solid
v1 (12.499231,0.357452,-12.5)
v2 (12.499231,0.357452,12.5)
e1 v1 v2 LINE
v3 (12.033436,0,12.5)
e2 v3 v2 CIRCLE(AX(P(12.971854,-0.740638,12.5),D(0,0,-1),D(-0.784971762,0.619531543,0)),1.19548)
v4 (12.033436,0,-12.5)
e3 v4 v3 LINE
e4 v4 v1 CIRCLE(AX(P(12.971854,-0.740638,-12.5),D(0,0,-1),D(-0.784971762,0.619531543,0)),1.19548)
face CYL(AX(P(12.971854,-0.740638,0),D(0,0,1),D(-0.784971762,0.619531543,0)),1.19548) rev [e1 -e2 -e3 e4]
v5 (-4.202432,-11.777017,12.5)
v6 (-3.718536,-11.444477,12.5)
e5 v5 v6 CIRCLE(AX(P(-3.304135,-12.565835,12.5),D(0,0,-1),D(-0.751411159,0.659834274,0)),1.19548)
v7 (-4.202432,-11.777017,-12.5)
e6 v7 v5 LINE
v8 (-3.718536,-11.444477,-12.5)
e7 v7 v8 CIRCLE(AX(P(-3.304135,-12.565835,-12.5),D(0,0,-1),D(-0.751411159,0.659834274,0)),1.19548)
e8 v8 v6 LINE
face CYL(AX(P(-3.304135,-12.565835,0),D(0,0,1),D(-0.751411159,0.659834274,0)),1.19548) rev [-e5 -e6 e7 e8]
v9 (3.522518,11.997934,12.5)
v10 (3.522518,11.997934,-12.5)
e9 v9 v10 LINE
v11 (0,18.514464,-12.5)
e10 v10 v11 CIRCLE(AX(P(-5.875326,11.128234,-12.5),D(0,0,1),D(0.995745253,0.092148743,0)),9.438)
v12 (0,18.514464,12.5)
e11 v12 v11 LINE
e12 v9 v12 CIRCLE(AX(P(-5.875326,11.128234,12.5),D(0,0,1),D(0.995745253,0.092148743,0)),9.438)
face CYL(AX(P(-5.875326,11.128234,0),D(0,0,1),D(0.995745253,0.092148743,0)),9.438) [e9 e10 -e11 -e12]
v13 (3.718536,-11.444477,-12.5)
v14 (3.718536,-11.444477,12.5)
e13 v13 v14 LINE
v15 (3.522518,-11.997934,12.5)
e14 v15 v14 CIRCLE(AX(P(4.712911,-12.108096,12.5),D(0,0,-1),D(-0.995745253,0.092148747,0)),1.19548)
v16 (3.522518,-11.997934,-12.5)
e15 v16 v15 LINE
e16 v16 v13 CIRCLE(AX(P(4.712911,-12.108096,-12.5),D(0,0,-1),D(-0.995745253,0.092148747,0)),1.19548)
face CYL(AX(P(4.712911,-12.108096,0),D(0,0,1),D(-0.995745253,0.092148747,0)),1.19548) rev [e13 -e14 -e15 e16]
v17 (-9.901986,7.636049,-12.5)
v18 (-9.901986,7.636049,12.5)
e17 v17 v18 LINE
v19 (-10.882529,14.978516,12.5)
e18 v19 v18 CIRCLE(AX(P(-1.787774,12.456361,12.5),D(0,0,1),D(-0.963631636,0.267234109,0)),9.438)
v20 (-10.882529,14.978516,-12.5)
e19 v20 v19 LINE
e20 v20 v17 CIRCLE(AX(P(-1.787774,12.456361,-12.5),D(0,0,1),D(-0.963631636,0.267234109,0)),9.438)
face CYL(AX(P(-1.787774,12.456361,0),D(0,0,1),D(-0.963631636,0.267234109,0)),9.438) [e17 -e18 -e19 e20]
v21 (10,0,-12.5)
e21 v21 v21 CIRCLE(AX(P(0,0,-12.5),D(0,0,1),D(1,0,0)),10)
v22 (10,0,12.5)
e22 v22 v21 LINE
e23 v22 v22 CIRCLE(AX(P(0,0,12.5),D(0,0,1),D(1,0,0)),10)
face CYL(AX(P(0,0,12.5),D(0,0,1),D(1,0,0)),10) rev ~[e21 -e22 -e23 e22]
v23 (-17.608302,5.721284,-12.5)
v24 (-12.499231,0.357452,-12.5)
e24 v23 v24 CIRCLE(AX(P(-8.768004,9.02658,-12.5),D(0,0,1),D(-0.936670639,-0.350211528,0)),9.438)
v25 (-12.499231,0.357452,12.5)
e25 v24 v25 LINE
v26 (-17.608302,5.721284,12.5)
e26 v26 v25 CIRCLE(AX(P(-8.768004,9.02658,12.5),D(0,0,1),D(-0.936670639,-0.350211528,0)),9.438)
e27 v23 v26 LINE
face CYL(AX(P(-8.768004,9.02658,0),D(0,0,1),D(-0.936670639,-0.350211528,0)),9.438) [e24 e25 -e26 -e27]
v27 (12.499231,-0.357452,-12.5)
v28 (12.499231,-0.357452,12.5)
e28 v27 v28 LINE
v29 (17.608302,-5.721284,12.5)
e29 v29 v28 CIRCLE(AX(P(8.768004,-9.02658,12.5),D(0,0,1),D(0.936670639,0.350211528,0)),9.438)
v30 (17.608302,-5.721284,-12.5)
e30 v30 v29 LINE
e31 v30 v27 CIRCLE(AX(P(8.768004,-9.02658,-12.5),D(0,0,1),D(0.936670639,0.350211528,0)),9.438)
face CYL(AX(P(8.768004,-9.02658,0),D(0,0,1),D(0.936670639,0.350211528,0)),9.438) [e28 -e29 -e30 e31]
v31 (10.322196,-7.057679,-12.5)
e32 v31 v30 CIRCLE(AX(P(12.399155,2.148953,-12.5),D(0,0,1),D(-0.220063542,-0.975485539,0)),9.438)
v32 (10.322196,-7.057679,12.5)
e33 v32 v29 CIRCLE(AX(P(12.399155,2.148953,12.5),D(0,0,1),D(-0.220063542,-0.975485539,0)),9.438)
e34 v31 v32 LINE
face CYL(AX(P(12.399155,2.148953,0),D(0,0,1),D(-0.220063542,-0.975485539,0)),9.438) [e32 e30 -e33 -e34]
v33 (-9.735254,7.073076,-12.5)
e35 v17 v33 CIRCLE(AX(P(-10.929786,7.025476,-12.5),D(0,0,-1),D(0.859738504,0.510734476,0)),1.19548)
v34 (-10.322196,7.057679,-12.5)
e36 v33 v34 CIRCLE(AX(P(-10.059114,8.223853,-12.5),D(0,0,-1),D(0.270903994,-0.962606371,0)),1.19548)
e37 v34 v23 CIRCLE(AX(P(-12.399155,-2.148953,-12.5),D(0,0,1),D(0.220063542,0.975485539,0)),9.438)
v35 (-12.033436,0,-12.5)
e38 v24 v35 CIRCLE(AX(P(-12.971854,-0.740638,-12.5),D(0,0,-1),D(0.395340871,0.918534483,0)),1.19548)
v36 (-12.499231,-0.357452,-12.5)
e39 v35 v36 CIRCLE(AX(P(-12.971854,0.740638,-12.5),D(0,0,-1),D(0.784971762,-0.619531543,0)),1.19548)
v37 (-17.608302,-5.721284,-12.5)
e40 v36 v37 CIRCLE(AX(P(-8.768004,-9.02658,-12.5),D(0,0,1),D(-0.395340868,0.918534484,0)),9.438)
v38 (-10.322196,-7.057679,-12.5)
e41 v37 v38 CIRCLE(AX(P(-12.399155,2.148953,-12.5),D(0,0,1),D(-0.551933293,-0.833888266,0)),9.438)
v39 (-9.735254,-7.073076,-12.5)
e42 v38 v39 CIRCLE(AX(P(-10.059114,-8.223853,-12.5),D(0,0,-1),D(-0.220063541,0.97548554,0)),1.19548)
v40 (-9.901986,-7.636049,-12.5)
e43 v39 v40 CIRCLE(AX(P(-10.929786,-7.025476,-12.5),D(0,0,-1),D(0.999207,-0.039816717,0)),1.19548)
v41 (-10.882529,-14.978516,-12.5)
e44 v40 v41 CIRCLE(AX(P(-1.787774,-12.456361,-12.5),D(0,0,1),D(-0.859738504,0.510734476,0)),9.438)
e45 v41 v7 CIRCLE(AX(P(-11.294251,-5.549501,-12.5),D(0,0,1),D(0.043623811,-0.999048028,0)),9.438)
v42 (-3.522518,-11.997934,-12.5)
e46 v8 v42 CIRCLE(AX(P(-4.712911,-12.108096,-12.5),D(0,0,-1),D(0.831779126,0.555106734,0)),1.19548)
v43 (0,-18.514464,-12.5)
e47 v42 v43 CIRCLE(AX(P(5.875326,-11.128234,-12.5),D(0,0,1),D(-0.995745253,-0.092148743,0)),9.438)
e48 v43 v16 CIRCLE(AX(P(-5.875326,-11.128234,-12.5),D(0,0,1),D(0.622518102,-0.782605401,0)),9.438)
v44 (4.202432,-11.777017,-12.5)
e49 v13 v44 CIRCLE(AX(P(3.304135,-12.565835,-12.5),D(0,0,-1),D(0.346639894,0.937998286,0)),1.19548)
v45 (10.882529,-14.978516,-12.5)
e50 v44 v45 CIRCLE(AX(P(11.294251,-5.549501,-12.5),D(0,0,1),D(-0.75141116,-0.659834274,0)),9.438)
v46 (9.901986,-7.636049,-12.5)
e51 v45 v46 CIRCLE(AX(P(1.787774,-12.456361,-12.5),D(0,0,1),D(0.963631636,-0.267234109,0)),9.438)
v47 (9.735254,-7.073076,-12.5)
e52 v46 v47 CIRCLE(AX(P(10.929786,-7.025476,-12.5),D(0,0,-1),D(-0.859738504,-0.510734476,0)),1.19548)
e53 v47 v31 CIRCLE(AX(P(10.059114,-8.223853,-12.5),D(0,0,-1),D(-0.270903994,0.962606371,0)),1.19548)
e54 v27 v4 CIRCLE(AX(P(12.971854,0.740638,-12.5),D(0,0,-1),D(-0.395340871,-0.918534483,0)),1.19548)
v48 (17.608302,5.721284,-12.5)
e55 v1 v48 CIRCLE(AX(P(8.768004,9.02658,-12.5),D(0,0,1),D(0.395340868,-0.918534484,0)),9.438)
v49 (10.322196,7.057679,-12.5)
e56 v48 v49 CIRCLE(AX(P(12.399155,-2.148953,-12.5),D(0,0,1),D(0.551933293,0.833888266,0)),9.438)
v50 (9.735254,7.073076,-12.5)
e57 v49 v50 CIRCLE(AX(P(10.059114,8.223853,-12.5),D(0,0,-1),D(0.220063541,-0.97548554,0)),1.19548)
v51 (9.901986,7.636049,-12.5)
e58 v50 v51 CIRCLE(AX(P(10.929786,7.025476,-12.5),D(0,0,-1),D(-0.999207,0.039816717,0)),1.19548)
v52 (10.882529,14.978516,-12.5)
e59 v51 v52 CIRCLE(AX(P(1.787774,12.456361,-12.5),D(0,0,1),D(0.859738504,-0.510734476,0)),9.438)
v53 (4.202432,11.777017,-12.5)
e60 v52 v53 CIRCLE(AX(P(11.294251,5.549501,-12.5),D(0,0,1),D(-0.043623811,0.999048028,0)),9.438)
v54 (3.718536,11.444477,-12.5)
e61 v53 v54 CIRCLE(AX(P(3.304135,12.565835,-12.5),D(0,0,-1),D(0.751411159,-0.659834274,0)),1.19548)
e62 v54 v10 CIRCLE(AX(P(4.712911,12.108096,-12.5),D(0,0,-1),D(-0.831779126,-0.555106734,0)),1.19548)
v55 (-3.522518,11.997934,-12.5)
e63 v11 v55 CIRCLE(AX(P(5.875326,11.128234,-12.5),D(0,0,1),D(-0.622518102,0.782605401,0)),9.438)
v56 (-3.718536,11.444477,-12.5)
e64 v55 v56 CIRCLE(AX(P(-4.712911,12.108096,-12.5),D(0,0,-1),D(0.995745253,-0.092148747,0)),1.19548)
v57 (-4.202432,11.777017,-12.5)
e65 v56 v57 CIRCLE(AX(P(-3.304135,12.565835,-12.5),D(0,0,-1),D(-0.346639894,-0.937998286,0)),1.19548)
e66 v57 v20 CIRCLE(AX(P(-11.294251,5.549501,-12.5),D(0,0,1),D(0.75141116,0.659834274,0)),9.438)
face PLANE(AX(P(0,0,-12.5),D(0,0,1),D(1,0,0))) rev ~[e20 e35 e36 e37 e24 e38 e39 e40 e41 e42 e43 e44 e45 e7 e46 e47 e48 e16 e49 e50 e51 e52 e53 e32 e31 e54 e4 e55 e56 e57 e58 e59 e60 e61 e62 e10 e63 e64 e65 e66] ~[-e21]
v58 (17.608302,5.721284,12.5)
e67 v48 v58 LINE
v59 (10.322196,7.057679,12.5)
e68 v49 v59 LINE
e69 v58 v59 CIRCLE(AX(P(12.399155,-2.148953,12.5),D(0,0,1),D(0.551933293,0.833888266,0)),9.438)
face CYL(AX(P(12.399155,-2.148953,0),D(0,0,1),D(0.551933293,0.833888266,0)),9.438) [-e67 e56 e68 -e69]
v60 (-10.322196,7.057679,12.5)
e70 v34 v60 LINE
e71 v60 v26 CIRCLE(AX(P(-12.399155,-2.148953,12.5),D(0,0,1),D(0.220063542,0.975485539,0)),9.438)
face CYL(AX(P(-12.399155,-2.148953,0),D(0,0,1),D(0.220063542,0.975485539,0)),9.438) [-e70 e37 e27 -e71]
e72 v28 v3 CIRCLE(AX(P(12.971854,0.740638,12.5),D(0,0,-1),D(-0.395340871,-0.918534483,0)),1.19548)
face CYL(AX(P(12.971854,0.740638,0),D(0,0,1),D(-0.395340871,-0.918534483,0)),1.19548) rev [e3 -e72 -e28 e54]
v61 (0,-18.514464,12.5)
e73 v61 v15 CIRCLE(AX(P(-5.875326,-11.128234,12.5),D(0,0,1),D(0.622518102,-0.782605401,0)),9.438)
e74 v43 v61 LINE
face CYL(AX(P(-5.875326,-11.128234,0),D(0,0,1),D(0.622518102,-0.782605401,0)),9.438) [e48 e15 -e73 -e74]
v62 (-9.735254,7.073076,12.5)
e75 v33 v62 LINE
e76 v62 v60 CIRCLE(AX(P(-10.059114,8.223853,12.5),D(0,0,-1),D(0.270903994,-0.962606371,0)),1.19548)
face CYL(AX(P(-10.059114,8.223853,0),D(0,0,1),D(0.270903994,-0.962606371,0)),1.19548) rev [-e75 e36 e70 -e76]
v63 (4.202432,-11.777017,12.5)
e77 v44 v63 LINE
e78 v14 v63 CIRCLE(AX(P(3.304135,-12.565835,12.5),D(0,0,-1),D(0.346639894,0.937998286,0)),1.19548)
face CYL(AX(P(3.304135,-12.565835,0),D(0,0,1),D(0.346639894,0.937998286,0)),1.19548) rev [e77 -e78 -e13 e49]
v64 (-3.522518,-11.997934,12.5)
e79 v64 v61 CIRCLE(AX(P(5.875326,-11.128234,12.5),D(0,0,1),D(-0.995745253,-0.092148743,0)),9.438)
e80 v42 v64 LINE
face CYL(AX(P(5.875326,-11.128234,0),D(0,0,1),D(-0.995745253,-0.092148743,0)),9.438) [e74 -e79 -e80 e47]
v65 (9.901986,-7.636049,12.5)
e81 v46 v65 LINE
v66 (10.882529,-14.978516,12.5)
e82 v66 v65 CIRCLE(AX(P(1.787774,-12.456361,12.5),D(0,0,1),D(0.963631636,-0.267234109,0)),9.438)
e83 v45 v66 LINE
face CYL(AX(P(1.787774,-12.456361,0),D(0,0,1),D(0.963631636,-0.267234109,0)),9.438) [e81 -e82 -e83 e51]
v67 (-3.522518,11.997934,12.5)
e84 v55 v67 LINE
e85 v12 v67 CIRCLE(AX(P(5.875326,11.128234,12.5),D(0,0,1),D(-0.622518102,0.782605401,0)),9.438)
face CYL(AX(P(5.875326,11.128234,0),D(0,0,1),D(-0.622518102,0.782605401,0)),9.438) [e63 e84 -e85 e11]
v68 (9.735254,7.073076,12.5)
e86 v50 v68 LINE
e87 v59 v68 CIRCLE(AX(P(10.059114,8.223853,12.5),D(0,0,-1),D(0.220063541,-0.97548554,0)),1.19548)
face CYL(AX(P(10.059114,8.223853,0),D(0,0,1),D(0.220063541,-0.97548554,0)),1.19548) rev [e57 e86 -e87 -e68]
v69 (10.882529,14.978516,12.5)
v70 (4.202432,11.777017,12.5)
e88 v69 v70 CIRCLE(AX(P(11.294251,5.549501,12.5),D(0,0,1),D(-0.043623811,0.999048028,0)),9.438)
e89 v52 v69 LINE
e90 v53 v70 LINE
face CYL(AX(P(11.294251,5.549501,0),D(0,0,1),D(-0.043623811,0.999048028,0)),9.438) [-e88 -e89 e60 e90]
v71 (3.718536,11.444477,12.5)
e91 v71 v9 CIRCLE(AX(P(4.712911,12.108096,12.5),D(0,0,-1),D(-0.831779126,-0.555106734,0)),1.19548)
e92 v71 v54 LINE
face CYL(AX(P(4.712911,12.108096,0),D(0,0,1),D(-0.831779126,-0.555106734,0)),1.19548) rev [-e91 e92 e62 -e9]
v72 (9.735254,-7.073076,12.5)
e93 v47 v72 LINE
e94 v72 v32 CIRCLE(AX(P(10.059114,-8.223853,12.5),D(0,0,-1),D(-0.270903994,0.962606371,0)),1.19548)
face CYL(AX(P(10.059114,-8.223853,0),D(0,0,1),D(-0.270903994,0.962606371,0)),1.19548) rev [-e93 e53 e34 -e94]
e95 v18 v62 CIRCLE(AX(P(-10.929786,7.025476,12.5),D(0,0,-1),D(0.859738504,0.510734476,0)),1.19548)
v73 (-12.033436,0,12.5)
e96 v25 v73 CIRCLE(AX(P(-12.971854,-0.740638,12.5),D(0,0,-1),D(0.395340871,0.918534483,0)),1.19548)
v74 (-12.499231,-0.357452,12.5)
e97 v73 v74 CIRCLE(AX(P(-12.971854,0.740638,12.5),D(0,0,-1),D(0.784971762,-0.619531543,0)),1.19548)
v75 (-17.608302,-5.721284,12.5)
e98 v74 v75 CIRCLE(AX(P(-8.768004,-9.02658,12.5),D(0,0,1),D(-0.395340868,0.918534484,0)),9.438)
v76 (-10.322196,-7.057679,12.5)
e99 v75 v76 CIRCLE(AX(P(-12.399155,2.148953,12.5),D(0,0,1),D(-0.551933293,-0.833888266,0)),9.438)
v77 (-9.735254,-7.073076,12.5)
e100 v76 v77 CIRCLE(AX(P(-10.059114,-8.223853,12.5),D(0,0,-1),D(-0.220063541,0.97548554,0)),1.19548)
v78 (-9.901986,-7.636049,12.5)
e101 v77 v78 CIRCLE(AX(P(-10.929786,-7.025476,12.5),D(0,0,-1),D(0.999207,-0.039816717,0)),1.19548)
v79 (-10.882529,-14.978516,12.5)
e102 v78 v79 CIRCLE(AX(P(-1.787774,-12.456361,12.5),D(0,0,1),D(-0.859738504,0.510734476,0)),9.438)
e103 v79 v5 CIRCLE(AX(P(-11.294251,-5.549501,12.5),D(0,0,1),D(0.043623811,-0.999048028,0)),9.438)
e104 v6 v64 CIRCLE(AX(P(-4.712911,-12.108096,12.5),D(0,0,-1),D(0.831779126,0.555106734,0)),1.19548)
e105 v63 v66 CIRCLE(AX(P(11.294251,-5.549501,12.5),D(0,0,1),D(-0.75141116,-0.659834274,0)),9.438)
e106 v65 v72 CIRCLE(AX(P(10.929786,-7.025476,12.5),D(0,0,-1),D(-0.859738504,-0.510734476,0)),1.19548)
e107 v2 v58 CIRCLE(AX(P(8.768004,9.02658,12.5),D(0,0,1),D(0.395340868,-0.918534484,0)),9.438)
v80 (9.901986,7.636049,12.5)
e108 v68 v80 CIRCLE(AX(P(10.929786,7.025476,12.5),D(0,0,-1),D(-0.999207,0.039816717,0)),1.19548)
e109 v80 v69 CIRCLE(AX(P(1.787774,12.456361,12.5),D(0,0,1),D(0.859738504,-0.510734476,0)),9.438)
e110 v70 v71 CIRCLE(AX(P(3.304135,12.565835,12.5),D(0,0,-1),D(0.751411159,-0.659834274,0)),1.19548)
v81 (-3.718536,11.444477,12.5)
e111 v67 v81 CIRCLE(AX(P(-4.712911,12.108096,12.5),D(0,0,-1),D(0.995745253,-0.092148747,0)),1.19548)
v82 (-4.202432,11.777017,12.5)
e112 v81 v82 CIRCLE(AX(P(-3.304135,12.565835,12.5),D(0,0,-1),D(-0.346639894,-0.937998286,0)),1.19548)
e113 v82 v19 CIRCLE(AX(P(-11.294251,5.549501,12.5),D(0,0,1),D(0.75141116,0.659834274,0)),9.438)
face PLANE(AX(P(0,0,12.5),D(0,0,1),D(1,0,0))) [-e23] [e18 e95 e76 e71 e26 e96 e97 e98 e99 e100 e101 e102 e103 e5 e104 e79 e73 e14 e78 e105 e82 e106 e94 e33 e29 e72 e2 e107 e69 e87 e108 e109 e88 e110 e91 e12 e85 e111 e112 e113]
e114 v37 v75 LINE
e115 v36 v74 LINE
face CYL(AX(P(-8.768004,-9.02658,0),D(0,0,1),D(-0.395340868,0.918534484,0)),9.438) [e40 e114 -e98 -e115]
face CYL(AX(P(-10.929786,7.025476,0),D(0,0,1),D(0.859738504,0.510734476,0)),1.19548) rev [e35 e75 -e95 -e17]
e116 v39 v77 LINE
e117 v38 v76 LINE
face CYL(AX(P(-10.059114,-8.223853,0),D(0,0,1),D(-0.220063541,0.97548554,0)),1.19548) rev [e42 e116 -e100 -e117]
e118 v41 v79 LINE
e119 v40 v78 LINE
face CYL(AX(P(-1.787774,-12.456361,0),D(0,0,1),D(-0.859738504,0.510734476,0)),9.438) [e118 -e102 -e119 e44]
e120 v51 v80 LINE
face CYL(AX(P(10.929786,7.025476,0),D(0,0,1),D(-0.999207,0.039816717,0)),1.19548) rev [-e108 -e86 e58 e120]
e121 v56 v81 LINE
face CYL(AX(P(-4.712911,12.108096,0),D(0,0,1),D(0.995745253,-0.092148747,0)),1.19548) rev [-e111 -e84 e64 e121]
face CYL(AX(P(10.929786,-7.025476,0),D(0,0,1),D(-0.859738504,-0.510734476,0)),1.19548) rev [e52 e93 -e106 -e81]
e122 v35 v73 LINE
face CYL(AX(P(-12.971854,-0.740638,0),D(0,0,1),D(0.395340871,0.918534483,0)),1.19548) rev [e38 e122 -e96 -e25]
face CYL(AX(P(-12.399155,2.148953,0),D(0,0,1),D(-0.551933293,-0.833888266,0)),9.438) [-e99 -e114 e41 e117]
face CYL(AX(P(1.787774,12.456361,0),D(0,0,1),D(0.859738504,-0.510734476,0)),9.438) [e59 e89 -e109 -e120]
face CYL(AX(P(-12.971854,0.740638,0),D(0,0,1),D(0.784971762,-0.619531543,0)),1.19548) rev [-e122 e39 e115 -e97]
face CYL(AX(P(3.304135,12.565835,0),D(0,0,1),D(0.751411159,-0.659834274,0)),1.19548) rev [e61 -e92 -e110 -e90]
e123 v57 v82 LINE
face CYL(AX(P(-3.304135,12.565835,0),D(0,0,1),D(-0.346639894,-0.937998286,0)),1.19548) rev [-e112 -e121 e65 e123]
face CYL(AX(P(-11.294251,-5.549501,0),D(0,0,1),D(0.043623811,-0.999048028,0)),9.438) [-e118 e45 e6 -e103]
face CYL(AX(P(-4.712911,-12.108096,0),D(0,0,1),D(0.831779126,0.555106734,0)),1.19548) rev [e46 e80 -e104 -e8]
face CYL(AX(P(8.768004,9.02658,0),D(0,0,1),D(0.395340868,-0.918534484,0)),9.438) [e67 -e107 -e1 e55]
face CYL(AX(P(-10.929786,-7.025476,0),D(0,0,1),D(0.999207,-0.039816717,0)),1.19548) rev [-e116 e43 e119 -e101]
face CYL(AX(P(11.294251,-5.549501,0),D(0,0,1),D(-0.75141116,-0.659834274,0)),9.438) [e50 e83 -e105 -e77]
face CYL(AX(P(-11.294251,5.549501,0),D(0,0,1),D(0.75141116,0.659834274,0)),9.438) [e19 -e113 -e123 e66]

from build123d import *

# Parameters (mm, degrees)
BOSS_EXTRUDE1_DEPTH = 12.5
SKETCH2_R           = 10
CUT_EXTRUDE1_DEPTH  = 36.746855524


with BuildPart() as part:
    # Sketch1 → Boss-Extrude1 (new, symmetric)
    with BuildSketch(Plane.XY):
        with BuildLine():
            ThreePointArc((0, 18.51446423), (-2.427307325, 15.616232504), (-3.522517853, 11.9979343))
            ThreePointArc((-3.522517853, 11.9979343), (-3.586020803, 11.708984719), (-3.718536081, 11.444477279))
            ThreePointArc((-3.718536081, 11.444477279), (-3.981216766, 11.580577767), (-4.202432033, 11.777016791))
            ThreePointArc((-4.202432033, 11.777016791), (-7.215258285, 14.060532932), (-10.882529029, 14.978516204))
            ThreePointArc((-10.882529029, 14.978516204), (-11.142724039, 11.207062035), (-9.901985646, 7.636048701))
            ThreePointArc((-9.901985646, 7.636048701), (-9.783520309, 7.364957483), (-9.735253849, 7.073075942))
            ThreePointArc((-9.735253849, 7.073075942), (-10.027764846, 7.028783717), (-10.322195719, 7.057679154))
            ThreePointArc((-10.322195719, 7.057679154), (-14.101840469, 7.13418768), (-17.608301852, 5.721284089))
            ThreePointArc((-17.608301852, 5.721284089), (-15.601998897, 2.517174783), (-12.499231478, 0.357452038))
            ThreePointArc((-12.499231478, 0.357452038), (-12.244047587, 0.207766813), (-12.033435535, 0))
            ThreePointArc((-12.033435535, 0), (-12.244047587, -0.207766813), (-12.499231478, -0.357452038))
            ThreePointArc((-12.499231478, -0.357452038), (-15.601998897, -2.517174783), (-17.608301852, -5.721284089))
            ThreePointArc((-17.608301852, -5.721284089), (-14.101840469, -7.13418768), (-10.322195719, -7.057679154))
            ThreePointArc((-10.322195719, -7.057679154), (-10.027764846, -7.028783717), (-9.735253849, -7.073075942))
            ThreePointArc((-9.735253849, -7.073075942), (-9.783520309, -7.364957483), (-9.901985646, -7.636048701))
            ThreePointArc((-9.901985646, -7.636048701), (-11.142724039, -11.207062035), (-10.882529029, -14.978516204))
            ThreePointArc((-10.882529029, -14.978516204), (-7.215258285, -14.060532932), (-4.202432033, -11.777016791))
            ThreePointArc((-4.202432033, -11.777016791), (-3.981216766, -11.580577767), (-3.718536081, -11.444477279))
            ThreePointArc((-3.718536081, -11.444477279), (-3.586020803, -11.708984719), (-3.522517853, -11.9979343))
            ThreePointArc((-3.522517853, -11.9979343), (-2.427307325, -15.616232504), (0, -18.51446423))
            ThreePointArc((0, -18.51446423), (2.427307325, -15.616232504), (3.522517853, -11.9979343))
            ThreePointArc((3.522517853, -11.9979343), (3.586020803, -11.708984719), (3.718536081, -11.444477279))
            ThreePointArc((3.718536081, -11.444477279), (3.981216766, -11.580577767), (4.202432033, -11.777016791))
            ThreePointArc((4.202432033, -11.777016791), (7.215258285, -14.060532932), (10.882529029, -14.978516204))
            ThreePointArc((10.882529029, -14.978516204), (11.142724039, -11.207062035), (9.901985646, -7.636048701))
            ThreePointArc((9.901985646, -7.636048701), (9.783520309, -7.364957483), (9.735253849, -7.073075942))
            ThreePointArc((9.735253849, -7.073075942), (10.027764846, -7.028783717), (10.322195719, -7.057679154))
            ThreePointArc((10.322195719, -7.057679154), (14.101840469, -7.13418768), (17.608301852, -5.721284089))
            ThreePointArc((17.608301852, -5.721284089), (15.601998897, -2.517174783), (12.499231478, -0.357452038))
            ThreePointArc((12.499231478, -0.357452038), (12.244047587, -0.207766813), (12.033435535, 0))
            ThreePointArc((12.033435535, 0), (12.244047587, 0.207766813), (12.499231478, 0.357452038))
            ThreePointArc((12.499231478, 0.357452038), (15.601998897, 2.517174783), (17.608301852, 5.721284089))
            ThreePointArc((17.608301852, 5.721284089), (14.101840469, 7.13418768), (10.322195719, 7.057679154))
            ThreePointArc((10.322195719, 7.057679154), (10.027764846, 7.028783717), (9.735253849, 7.073075942))
            ThreePointArc((9.735253849, 7.073075942), (9.783520309, 7.364957483), (9.901985646, 7.636048701))
            ThreePointArc((9.901985646, 7.636048701), (11.142724039, 11.207062035), (10.882529029, 14.978516204))
            ThreePointArc((10.882529029, 14.978516204), (7.215258285, 14.060532932), (4.202432033, 11.777016791))
            ThreePointArc((4.202432033, 11.777016791), (3.981216766, 11.580577767), (3.718536081, 11.444477279))
            ThreePointArc((3.718536081, 11.444477279), (3.586020803, 11.708984719), (3.522517853, 11.9979343))
            ThreePointArc((3.522517853, 11.9979343), (2.427307325, 15.616232504), (0, 18.51446423))
        make_face()
    extrude(amount=BOSS_EXTRUDE1_DEPTH, both=True)

    # Sketch2 → Cut-Extrude1 (cut, through all)
    with BuildSketch(Plane.XY.offset(12.5)):
        Circle(SKETCH2_R)
    extrude(amount=-CUT_EXTRUDE1_DEPTH, mode=Mode.SUBTRACT)


solid = part.part
